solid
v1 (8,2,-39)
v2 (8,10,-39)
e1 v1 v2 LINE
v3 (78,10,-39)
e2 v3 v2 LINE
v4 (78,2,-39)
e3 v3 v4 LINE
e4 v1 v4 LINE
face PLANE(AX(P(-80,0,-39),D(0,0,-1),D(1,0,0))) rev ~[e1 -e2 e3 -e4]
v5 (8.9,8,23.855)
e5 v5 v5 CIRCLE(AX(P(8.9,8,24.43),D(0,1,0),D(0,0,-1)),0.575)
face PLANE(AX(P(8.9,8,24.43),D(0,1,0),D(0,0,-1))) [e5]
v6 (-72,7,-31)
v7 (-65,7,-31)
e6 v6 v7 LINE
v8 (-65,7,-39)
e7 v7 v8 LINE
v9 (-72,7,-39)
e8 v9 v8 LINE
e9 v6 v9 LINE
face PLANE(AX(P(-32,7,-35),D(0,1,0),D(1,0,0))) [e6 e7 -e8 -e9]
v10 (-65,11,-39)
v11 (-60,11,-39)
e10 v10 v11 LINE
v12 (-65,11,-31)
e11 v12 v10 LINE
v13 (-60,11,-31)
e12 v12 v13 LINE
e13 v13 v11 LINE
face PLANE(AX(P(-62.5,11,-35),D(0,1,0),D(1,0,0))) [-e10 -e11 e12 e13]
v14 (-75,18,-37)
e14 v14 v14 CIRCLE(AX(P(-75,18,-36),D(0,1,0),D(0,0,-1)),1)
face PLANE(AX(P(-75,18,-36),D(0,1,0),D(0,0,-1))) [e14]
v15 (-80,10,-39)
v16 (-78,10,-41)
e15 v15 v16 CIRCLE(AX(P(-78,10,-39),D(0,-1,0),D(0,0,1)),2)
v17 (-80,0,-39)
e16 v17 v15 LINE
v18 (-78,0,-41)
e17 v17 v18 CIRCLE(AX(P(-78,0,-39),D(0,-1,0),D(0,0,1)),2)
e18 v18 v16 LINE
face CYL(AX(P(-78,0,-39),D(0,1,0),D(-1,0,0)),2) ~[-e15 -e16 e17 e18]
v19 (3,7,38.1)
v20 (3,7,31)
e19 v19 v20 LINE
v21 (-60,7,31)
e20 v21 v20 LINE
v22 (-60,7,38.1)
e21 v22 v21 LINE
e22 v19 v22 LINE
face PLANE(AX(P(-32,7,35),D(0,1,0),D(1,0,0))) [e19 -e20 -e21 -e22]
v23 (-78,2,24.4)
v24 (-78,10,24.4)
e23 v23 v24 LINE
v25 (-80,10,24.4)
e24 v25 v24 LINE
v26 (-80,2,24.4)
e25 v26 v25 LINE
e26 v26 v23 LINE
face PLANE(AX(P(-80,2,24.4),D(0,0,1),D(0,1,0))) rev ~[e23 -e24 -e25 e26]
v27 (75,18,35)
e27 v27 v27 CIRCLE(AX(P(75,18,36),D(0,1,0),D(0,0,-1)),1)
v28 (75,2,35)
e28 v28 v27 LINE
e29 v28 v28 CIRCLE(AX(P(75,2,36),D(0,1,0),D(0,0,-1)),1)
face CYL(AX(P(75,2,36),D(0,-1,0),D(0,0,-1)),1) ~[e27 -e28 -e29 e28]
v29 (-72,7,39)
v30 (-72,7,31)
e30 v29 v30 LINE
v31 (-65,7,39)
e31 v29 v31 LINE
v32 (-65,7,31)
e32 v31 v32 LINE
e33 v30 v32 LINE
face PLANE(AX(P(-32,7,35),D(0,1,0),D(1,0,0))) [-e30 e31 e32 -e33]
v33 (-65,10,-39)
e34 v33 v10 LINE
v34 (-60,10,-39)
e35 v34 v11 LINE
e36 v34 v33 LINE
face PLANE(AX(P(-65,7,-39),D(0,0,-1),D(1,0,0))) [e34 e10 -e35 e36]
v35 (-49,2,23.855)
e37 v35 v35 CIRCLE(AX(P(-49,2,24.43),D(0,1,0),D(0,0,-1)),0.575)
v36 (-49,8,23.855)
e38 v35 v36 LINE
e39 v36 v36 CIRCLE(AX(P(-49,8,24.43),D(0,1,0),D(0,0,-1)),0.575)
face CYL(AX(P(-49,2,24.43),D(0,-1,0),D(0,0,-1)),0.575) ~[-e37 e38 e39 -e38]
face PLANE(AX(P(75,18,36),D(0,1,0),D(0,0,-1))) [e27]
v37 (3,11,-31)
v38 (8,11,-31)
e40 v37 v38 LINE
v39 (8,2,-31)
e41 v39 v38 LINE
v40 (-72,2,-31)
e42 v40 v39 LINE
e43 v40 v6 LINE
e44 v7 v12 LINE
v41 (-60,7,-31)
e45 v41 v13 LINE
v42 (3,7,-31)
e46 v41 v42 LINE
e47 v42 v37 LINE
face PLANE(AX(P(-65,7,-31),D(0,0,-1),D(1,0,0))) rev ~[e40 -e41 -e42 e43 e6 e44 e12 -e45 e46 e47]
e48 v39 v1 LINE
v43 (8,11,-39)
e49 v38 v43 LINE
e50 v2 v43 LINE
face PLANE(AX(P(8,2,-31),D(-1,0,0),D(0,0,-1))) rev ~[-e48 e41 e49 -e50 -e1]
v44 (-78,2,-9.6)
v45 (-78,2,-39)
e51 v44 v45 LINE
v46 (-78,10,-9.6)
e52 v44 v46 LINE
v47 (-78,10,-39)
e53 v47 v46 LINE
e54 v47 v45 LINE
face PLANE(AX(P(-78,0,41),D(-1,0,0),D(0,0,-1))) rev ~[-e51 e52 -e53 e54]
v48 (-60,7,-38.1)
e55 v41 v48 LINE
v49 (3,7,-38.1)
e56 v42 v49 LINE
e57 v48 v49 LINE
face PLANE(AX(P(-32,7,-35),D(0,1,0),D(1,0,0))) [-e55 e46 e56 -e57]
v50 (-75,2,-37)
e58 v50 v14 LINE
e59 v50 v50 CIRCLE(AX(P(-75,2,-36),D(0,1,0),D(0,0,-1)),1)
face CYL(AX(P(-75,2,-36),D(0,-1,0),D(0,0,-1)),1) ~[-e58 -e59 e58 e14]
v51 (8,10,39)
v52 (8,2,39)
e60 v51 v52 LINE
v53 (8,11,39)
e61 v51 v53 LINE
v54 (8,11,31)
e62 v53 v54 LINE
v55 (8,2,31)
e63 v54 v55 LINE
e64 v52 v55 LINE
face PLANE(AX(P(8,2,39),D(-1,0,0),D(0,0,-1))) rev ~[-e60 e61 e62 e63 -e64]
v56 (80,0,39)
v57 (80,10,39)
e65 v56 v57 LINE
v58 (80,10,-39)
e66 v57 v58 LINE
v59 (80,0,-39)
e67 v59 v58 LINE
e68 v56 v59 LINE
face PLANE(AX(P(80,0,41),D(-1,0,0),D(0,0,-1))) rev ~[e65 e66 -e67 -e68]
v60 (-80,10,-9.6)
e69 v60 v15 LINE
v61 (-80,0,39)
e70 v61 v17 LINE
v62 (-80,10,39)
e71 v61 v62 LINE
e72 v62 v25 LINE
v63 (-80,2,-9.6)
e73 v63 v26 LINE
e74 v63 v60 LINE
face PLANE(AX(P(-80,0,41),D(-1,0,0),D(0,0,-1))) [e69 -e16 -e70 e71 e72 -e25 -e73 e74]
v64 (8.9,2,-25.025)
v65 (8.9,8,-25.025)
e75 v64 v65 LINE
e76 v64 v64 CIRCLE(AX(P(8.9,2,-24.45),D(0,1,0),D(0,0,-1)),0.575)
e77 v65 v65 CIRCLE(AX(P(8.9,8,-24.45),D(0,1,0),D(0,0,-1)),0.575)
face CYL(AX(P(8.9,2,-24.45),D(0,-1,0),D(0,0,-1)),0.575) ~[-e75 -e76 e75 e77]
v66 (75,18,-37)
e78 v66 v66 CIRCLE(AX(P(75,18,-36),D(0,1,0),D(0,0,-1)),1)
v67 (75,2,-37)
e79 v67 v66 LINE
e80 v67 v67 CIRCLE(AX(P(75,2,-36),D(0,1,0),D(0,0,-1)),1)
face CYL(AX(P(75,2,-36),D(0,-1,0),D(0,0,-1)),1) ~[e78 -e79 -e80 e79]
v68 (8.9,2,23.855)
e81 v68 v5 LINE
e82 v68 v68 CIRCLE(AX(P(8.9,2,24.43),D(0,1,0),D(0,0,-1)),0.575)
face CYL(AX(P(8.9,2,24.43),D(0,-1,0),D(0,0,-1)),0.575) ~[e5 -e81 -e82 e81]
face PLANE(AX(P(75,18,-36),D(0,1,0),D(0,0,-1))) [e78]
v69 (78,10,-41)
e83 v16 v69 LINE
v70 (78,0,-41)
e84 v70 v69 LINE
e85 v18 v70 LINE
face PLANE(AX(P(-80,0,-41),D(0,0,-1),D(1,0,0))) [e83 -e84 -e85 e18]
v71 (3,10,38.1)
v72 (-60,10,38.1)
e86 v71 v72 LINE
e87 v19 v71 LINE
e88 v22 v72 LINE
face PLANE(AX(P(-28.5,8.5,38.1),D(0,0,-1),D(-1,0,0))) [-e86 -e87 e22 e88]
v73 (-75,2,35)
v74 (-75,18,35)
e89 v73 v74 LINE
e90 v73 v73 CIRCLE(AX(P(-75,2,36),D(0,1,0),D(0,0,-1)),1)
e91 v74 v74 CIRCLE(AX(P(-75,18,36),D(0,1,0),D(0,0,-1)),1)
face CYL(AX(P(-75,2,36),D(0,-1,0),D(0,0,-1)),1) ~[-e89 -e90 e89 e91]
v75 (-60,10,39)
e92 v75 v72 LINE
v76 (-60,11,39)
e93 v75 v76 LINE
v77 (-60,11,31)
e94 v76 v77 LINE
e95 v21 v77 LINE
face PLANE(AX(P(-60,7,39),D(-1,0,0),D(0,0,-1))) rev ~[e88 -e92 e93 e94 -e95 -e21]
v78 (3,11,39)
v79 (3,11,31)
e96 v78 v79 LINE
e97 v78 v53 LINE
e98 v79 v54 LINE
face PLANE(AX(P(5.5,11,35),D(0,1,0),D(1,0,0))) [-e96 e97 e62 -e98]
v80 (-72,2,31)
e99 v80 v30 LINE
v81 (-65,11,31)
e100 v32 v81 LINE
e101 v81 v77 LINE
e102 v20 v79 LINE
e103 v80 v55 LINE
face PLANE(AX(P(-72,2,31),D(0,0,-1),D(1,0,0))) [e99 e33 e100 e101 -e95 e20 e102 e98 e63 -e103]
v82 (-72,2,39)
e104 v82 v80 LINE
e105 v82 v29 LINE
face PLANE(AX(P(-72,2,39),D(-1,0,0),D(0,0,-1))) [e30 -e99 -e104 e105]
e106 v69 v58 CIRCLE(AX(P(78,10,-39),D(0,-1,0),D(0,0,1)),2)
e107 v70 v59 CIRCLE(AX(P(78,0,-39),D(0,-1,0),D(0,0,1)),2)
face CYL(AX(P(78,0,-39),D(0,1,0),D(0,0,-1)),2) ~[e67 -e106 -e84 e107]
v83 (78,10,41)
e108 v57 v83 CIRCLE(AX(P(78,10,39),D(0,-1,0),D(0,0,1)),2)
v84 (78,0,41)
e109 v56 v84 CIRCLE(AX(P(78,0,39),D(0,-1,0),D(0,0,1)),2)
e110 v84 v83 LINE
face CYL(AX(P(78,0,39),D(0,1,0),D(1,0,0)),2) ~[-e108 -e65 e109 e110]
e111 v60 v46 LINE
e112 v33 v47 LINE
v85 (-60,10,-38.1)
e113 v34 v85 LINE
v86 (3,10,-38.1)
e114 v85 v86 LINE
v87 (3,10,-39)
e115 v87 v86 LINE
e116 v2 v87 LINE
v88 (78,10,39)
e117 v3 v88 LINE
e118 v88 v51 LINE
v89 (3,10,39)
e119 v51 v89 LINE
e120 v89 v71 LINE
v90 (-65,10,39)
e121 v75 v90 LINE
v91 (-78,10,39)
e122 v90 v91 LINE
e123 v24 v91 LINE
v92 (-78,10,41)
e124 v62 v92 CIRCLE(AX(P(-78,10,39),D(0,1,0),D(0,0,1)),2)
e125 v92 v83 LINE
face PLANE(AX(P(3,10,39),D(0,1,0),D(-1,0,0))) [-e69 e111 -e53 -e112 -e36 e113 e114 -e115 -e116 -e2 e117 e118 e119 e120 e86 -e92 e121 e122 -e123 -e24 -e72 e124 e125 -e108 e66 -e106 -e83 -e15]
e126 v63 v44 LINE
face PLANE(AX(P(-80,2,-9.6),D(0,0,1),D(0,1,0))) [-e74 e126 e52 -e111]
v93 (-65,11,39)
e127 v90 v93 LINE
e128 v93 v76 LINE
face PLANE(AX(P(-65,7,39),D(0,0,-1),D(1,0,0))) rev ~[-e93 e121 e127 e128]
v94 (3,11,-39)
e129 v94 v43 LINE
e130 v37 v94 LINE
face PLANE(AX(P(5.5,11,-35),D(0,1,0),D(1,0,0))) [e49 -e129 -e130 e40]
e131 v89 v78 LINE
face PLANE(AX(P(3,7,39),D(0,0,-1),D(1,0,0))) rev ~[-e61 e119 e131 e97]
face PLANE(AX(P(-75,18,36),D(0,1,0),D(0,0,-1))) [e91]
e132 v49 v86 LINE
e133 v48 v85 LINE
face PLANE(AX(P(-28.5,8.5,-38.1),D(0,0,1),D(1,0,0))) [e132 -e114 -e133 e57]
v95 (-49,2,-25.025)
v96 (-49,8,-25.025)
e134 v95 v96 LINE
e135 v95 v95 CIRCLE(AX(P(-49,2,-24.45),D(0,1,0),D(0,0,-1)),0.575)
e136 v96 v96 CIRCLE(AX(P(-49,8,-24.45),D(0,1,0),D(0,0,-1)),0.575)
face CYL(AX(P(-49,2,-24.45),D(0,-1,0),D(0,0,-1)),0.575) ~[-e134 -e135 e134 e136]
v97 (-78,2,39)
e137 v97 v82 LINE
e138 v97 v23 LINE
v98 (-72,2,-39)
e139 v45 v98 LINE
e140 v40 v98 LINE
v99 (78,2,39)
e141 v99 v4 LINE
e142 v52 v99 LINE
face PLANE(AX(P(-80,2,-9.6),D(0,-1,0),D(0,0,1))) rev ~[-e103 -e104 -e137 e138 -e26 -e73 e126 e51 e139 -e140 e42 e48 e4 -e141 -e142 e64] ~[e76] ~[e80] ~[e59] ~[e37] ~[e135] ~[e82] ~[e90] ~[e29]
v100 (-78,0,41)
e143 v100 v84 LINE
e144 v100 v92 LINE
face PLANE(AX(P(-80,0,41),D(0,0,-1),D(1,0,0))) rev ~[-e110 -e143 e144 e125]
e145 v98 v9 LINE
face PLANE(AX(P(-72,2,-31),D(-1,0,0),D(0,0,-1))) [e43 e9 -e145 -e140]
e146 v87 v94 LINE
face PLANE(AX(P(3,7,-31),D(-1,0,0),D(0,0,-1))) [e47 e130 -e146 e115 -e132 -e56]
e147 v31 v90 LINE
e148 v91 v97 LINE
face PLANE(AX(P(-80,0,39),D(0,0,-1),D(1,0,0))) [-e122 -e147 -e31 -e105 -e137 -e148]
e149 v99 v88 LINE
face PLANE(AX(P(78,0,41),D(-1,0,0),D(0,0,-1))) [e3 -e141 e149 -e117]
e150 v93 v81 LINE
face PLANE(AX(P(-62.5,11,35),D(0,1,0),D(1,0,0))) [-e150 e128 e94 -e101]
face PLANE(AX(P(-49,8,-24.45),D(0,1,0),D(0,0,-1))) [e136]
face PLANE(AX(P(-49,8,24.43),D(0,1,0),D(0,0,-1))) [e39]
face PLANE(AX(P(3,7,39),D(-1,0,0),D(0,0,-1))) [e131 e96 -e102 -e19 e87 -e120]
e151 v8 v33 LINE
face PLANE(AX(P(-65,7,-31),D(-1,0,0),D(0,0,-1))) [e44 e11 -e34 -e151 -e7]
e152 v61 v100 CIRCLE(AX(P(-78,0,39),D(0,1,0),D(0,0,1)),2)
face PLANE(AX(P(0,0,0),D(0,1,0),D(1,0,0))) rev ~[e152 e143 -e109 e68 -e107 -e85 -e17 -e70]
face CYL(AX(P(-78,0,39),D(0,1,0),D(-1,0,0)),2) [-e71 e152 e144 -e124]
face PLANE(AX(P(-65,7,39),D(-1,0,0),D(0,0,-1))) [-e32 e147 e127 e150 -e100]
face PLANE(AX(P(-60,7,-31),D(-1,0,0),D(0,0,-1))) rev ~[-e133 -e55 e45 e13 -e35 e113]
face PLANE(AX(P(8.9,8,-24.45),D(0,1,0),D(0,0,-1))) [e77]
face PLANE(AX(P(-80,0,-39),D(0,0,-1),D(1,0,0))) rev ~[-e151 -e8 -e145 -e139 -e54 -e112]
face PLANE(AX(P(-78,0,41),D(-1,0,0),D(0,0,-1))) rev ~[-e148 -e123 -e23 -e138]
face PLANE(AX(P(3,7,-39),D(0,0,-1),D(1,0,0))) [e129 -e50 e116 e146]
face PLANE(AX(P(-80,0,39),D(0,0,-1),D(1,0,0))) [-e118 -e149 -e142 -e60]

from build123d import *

# Parameters (mm, degrees)
SKETCH1_W           = 160
SKETCH1_H           = 82
BOSS_EXTRUDE1_DEPTH = 10
SHELL1_T            = -2
SKETCH2_R           = 1
BOSS_EXTRUDE2_DEPTH = 16
FILLET1_R           = 2
FILLET2_R           = 2
FILLET3_R           = 2
FILLET4_R           = 2
SKETCH7_R           = 0.575
BOSS_EXTRUDE3_DEPTH = 6
SKETCH10_W          = 34
SKETCH10_H          = 8.029729716
CUT_EXTRUDE1_DEPTH  = 6
SKETCH16_W          = 80
SKETCH16_H          = 8
BOSS_EXTRUDE5_DEPTH = 5
SKETCH18_W          = 5
SKETCH18_H          = 8
BOSS_EXTRUDE6_DEPTH = 4
SKETCH21_W          = 63
SKETCH21_H          = 3
BOSS_EXTRUDE7_DEPTH = 0.9
SKETCH22_W          = 63
SKETCH22_H          = 3
BOSS_EXTRUDE8_DEPTH = 0.9


with BuildPart() as part:
    # Sketch1 → Boss-Extrude1 (new body)
    with BuildSketch(Plane(origin=(0, 0, 0), x_dir=(1, 0, 0), z_dir=(0, 1, 0))):
        Rectangle(SKETCH1_W, SKETCH1_H)
    extrude(amount=BOSS_EXTRUDE1_DEPTH)

    # Shell1
    shell1_openings = [part.faces().sort_by_distance(p)[0] for p in [
        (0, 10, 0),
    ]]
    offset(amount=SHELL1_T, openings=shell1_openings, kind=Kind.INTERSECTION)

    # Sketch2 → Boss-Extrude2 (add)
    with BuildSketch(Plane(origin=(0, 2, 0), x_dir=(1, 0, 0), z_dir=(0, 1, 0))):
        with Locations(Location((-75, 36, 0), (0, 0, 90))):
            Circle(SKETCH2_R)
        with Locations(Location((75, 36, 0), (0, 0, 90))):
            Circle(SKETCH2_R)
        with Locations(Location((75, -36, 0), (0, 0, 90))):
            Circle(SKETCH2_R)
        with Locations(Location((-75, -36, 0), (0, 0, 90))):
            Circle(SKETCH2_R)
    extrude(amount=BOSS_EXTRUDE2_DEPTH)

    # Fillet1
    fillet1_edges = [part.edges().sort_by_distance(p)[0] for p in [
        (-80, 5, 41),
    ]]
    fillet(fillet1_edges, radius=FILLET1_R)

    # Fillet2
    fillet2_edges = [part.edges().sort_by_distance(p)[0] for p in [
        (-80, 5, -41),
    ]]
    fillet(fillet2_edges, radius=FILLET2_R)

    # Fillet3
    fillet3_edges = [part.edges().sort_by_distance(p)[0] for p in [
        (80, 5, -41),
    ]]
    fillet(fillet3_edges, radius=FILLET3_R)

    # Fillet4
    fillet4_edges = [part.edges().sort_by_distance(p)[0] for p in [
        (80, 5, 41),
    ]]
    fillet(fillet4_edges, radius=FILLET4_R)

    # Sketch7 → Boss-Extrude3 (add)
    with BuildSketch(Plane(origin=(0, 2, 0), x_dir=(1, 0, 0), z_dir=(0, 1, 0))):
        with Locations(Location((-49, 24.45, 0), (0, 0, 90))):
            Circle(SKETCH7_R)
        with Locations(Location((-49, -24.43, 0), (0, 0, 90))):
            Circle(SKETCH7_R)
        with Locations(Location((8.9, -24.43, 0), (0, 0, 90))):
            Circle(SKETCH7_R)
        with Locations(Location((8.9, 24.45, 0), (0, 0, 90))):
            Circle(SKETCH7_R)
    extrude(amount=BOSS_EXTRUDE3_DEPTH)

    # Sketch10 → Cut-Extrude1 (cut)
    with BuildSketch(Plane.ZY.offset(80)):
        with Locations((7.4, 6.014864858)):
            Rectangle(SKETCH10_W, SKETCH10_H)
    extrude(amount=-CUT_EXTRUDE1_DEPTH, mode=Mode.SUBTRACT)

    # Sketch16 → Boss-Extrude5 (add)
    with BuildSketch(Plane(origin=(0, 2, 0), x_dir=(1, 0, 0), z_dir=(0, 1, 0))):
        with Locations((-32, 35)):
            Rectangle(SKETCH16_W, SKETCH16_H)
        with Locations((-32, -35)):
            Rectangle(SKETCH16_W, SKETCH16_H)
    extrude(amount=BOSS_EXTRUDE5_DEPTH)

    # Sketch18 → Boss-Extrude6 (add)
    with BuildSketch(Plane(origin=(0, 7, 0), x_dir=(1, 0, 0), z_dir=(0, 1, 0))):
        with Locations((-62.5, 35)):
            Rectangle(SKETCH18_W, SKETCH18_H)
        with Locations((5.5, 35)):
            Rectangle(SKETCH18_W, SKETCH18_H)
        with Locations((5.5, -35)):
            Rectangle(SKETCH18_W, SKETCH18_H)
        with Locations((-62.5, -35)):
            Rectangle(SKETCH18_W, SKETCH18_H)
    extrude(amount=BOSS_EXTRUDE6_DEPTH)

    # Sketch21 → Boss-Extrude7 (add)
    with BuildSketch(Plane.XY.offset(-39)):
        with Locations((-28.5, 8.5)):
            Rectangle(SKETCH21_W, SKETCH21_H)
    extrude(amount=BOSS_EXTRUDE7_DEPTH)

    # Sketch22 → Boss-Extrude8 (add)
    with BuildSketch(Plane(origin=(0, 0, 39), x_dir=(-1, 0, 0), z_dir=(0, 0, -1))):
        with Locations((28.5, 8.5)):
            Rectangle(SKETCH22_W, SKETCH22_H)
    extrude(amount=BOSS_EXTRUDE8_DEPTH)


solid = part.part
